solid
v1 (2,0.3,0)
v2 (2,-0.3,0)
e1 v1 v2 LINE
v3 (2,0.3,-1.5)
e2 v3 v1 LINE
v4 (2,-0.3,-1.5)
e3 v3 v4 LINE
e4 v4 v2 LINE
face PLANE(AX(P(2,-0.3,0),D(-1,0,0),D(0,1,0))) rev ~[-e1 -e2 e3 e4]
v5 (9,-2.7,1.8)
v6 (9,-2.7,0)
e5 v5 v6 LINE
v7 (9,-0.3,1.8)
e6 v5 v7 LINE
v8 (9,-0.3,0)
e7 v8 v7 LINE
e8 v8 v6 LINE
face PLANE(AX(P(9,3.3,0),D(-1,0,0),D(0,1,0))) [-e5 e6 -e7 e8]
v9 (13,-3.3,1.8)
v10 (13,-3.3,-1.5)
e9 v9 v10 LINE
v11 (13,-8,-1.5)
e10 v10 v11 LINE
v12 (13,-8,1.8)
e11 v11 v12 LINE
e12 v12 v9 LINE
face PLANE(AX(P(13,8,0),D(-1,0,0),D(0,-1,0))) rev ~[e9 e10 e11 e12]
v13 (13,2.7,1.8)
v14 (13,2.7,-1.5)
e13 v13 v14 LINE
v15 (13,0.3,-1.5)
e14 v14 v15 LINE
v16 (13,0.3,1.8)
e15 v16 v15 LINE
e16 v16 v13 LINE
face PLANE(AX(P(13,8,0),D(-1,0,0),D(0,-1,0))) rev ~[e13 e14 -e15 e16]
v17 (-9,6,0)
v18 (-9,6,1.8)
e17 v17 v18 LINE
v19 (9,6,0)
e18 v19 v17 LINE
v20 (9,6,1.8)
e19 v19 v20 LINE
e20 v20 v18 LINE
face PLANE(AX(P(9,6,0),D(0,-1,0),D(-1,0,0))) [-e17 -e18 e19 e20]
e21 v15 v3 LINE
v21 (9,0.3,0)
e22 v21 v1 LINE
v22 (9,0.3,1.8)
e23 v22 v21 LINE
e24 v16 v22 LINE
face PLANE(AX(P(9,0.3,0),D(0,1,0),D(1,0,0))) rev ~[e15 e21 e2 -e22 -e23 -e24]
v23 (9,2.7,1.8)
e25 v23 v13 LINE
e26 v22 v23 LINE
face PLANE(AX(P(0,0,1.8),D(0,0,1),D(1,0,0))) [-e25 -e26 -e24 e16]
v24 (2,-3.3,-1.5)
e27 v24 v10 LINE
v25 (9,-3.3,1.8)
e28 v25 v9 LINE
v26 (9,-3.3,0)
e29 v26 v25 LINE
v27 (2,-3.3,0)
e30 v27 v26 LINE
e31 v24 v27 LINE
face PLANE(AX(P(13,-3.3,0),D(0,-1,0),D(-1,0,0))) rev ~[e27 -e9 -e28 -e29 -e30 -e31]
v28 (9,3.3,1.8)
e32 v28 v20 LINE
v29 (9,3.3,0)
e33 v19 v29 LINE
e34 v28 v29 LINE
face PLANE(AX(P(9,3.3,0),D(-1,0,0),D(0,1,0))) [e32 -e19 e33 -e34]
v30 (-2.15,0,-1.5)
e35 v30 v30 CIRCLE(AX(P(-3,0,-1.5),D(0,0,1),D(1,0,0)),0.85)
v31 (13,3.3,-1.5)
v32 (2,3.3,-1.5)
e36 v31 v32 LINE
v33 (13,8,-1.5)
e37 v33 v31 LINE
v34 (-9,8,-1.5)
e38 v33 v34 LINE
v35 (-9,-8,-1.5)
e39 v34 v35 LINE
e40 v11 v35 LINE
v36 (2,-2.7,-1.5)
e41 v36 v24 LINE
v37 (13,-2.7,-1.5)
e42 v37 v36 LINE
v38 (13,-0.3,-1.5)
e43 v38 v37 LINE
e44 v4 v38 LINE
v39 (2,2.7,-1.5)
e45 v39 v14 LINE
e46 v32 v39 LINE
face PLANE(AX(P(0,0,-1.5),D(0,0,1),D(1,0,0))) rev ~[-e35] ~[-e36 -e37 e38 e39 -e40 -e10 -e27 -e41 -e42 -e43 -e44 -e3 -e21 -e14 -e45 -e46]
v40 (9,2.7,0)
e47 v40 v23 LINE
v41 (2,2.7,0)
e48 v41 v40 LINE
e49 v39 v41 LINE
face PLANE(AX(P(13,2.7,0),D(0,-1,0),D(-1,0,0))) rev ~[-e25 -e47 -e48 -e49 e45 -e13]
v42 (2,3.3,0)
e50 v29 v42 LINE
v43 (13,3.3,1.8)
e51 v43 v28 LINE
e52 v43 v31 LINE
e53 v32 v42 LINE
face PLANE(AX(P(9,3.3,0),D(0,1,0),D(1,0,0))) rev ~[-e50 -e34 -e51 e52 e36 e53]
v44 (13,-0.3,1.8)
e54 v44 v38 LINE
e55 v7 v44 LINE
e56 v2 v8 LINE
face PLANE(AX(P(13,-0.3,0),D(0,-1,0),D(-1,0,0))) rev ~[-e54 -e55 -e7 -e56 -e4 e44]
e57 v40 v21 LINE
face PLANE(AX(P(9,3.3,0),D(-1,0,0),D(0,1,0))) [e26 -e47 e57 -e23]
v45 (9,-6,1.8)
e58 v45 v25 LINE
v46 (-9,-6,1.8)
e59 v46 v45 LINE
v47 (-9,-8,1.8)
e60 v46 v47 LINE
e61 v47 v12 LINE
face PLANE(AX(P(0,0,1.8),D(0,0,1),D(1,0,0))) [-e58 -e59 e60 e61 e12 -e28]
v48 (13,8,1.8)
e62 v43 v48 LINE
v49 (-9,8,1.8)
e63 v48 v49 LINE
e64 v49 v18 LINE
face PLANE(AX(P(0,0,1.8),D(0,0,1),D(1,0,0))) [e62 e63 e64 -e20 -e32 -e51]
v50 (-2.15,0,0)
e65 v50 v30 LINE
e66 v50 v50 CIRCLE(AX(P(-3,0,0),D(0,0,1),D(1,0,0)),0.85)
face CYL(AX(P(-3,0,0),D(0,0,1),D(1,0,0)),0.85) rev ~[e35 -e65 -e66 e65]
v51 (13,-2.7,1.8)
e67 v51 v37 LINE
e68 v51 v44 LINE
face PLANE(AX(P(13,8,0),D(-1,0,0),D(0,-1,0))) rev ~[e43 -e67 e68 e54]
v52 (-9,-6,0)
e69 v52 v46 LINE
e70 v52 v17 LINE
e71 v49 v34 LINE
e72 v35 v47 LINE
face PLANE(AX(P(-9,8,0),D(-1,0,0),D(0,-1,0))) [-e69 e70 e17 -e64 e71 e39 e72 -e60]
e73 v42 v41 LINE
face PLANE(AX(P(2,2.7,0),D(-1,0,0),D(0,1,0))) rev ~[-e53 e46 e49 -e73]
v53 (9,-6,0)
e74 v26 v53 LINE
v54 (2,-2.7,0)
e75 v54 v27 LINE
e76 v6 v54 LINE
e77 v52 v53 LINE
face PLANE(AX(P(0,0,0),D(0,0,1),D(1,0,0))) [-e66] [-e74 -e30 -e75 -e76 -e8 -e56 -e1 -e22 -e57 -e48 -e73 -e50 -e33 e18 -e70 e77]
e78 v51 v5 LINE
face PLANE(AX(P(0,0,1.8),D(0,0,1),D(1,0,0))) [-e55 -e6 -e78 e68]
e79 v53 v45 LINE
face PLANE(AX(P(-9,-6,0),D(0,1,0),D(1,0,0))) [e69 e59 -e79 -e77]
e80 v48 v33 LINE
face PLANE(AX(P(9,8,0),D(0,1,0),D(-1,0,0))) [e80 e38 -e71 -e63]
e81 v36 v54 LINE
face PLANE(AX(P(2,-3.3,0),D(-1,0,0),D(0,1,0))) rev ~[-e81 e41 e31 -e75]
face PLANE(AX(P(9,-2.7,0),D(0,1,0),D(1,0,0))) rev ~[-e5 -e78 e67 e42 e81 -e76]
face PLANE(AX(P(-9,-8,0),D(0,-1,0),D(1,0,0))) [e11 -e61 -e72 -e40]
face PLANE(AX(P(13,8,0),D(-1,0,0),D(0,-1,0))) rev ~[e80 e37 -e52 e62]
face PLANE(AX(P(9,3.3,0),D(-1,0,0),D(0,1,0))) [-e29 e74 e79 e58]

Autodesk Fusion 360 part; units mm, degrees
sketch "Main Body" plane through (0, 0, 0) normal (0, 0, 1) x (1, 0, 0)
  line L0 (9, 8) -> (-9, 8)
  line L1 (-9, 8) -> (-9, -8)
  line L2 (-9, -8) -> (9, -8)
  line L3 (9, -8) -> (9, 8)
  line L4 (9, 8) -> (-9, -8) construction
  line L5 (-9, 8) -> (9, -8) construction
  line L6 (9, 8) -> (13, 8)
  line L7 (13, 8) -> (13, -8)
  line L8 (13, -8) -> (9, -8)
  line L9 (9, -8) -> (9, 8)
  line L10 (9, 6) -> (-9, 6)
  line L11 (-9, -6) -> (9, -6)
  line L12 (2, 3.3) -> (13, 3.3)
  line L13 (13, 3.3) -> (13, 2.7)
  line L14 (13, 2.7) -> (2, 2.7)
  line L15 (2, 2.7) -> (2, 3.3)
  circle A0 centre (-3, 0) radius 0.85
  point P0 (2, 3)
  dimension "d4" = 18
  dimension "d5" = 4
  dimension "d7" = 16
  dimension "d8" = -2
  dimension "d9" = -2
  dimension "d10" = 0.6
  dimension "d11" = 7
  dimension "d12" = 3
  dimension "d26" = 1.7
  dimension "d27" = 6
extrude "Base" add sketch "Main Body" against normal blind 1.5 contours L0 L1 L3 L9 L10 | L3 L6 L7 L9 L12 | L1 L3 L9 L10 L11 L12 L14 L15 | L3 L7 L9 L12 L13 L14 | L3 L9 L12 L14 L15 | L1 L2 L3 L9 L11 | L3 L7 L8 L9 L14 | A0
extrude "Guide" add sketch "Main Body" along normal blind 1.8 contours L0 L1 L3 L9 L10 | L3 L6 L7 L9 L12 | L3 L7 L9 L12 L13 L14 | L1 L2 L3 L9 L11 | L3 L7 L8 L9 L14
extrude "Bristle Cut" cut sketch "Main Body" along normal through all and the other way through all contours L3 L7 L9 L12 L13 L14 | L3 L9 L12 L14 L15
pattern_linear "Bristle Pattern" count 3 spacing 3 along (0, -1, 0) of "Bristle Cut"
extrude "Fixing Hole" cut sketch "Main Body" against normal through all contours A0
equation "SegmentLength = 18 mm" comment "Band Cut Length default 18mm"
equation "NumBristles = 4" comment "Number of Bristles per Segment"
equation "d4 = SegmentLength"
equation "BandWidth = 12 mm" comment "Width of Silicont Band"
equation "d7 = BandWidth + 4 mm"
equation "d11 = SegmentLength - 11 mm"
equation "d12 = BandWidth / NumBristles"
equation "d15 = BandThickness - 0.2 mm"
equation "d19 = NumBristles - 1"
equation "d21 = -BandWidth / NumBristles"
equation "BandThickness = 2 mm" comment "Thickness of band"
